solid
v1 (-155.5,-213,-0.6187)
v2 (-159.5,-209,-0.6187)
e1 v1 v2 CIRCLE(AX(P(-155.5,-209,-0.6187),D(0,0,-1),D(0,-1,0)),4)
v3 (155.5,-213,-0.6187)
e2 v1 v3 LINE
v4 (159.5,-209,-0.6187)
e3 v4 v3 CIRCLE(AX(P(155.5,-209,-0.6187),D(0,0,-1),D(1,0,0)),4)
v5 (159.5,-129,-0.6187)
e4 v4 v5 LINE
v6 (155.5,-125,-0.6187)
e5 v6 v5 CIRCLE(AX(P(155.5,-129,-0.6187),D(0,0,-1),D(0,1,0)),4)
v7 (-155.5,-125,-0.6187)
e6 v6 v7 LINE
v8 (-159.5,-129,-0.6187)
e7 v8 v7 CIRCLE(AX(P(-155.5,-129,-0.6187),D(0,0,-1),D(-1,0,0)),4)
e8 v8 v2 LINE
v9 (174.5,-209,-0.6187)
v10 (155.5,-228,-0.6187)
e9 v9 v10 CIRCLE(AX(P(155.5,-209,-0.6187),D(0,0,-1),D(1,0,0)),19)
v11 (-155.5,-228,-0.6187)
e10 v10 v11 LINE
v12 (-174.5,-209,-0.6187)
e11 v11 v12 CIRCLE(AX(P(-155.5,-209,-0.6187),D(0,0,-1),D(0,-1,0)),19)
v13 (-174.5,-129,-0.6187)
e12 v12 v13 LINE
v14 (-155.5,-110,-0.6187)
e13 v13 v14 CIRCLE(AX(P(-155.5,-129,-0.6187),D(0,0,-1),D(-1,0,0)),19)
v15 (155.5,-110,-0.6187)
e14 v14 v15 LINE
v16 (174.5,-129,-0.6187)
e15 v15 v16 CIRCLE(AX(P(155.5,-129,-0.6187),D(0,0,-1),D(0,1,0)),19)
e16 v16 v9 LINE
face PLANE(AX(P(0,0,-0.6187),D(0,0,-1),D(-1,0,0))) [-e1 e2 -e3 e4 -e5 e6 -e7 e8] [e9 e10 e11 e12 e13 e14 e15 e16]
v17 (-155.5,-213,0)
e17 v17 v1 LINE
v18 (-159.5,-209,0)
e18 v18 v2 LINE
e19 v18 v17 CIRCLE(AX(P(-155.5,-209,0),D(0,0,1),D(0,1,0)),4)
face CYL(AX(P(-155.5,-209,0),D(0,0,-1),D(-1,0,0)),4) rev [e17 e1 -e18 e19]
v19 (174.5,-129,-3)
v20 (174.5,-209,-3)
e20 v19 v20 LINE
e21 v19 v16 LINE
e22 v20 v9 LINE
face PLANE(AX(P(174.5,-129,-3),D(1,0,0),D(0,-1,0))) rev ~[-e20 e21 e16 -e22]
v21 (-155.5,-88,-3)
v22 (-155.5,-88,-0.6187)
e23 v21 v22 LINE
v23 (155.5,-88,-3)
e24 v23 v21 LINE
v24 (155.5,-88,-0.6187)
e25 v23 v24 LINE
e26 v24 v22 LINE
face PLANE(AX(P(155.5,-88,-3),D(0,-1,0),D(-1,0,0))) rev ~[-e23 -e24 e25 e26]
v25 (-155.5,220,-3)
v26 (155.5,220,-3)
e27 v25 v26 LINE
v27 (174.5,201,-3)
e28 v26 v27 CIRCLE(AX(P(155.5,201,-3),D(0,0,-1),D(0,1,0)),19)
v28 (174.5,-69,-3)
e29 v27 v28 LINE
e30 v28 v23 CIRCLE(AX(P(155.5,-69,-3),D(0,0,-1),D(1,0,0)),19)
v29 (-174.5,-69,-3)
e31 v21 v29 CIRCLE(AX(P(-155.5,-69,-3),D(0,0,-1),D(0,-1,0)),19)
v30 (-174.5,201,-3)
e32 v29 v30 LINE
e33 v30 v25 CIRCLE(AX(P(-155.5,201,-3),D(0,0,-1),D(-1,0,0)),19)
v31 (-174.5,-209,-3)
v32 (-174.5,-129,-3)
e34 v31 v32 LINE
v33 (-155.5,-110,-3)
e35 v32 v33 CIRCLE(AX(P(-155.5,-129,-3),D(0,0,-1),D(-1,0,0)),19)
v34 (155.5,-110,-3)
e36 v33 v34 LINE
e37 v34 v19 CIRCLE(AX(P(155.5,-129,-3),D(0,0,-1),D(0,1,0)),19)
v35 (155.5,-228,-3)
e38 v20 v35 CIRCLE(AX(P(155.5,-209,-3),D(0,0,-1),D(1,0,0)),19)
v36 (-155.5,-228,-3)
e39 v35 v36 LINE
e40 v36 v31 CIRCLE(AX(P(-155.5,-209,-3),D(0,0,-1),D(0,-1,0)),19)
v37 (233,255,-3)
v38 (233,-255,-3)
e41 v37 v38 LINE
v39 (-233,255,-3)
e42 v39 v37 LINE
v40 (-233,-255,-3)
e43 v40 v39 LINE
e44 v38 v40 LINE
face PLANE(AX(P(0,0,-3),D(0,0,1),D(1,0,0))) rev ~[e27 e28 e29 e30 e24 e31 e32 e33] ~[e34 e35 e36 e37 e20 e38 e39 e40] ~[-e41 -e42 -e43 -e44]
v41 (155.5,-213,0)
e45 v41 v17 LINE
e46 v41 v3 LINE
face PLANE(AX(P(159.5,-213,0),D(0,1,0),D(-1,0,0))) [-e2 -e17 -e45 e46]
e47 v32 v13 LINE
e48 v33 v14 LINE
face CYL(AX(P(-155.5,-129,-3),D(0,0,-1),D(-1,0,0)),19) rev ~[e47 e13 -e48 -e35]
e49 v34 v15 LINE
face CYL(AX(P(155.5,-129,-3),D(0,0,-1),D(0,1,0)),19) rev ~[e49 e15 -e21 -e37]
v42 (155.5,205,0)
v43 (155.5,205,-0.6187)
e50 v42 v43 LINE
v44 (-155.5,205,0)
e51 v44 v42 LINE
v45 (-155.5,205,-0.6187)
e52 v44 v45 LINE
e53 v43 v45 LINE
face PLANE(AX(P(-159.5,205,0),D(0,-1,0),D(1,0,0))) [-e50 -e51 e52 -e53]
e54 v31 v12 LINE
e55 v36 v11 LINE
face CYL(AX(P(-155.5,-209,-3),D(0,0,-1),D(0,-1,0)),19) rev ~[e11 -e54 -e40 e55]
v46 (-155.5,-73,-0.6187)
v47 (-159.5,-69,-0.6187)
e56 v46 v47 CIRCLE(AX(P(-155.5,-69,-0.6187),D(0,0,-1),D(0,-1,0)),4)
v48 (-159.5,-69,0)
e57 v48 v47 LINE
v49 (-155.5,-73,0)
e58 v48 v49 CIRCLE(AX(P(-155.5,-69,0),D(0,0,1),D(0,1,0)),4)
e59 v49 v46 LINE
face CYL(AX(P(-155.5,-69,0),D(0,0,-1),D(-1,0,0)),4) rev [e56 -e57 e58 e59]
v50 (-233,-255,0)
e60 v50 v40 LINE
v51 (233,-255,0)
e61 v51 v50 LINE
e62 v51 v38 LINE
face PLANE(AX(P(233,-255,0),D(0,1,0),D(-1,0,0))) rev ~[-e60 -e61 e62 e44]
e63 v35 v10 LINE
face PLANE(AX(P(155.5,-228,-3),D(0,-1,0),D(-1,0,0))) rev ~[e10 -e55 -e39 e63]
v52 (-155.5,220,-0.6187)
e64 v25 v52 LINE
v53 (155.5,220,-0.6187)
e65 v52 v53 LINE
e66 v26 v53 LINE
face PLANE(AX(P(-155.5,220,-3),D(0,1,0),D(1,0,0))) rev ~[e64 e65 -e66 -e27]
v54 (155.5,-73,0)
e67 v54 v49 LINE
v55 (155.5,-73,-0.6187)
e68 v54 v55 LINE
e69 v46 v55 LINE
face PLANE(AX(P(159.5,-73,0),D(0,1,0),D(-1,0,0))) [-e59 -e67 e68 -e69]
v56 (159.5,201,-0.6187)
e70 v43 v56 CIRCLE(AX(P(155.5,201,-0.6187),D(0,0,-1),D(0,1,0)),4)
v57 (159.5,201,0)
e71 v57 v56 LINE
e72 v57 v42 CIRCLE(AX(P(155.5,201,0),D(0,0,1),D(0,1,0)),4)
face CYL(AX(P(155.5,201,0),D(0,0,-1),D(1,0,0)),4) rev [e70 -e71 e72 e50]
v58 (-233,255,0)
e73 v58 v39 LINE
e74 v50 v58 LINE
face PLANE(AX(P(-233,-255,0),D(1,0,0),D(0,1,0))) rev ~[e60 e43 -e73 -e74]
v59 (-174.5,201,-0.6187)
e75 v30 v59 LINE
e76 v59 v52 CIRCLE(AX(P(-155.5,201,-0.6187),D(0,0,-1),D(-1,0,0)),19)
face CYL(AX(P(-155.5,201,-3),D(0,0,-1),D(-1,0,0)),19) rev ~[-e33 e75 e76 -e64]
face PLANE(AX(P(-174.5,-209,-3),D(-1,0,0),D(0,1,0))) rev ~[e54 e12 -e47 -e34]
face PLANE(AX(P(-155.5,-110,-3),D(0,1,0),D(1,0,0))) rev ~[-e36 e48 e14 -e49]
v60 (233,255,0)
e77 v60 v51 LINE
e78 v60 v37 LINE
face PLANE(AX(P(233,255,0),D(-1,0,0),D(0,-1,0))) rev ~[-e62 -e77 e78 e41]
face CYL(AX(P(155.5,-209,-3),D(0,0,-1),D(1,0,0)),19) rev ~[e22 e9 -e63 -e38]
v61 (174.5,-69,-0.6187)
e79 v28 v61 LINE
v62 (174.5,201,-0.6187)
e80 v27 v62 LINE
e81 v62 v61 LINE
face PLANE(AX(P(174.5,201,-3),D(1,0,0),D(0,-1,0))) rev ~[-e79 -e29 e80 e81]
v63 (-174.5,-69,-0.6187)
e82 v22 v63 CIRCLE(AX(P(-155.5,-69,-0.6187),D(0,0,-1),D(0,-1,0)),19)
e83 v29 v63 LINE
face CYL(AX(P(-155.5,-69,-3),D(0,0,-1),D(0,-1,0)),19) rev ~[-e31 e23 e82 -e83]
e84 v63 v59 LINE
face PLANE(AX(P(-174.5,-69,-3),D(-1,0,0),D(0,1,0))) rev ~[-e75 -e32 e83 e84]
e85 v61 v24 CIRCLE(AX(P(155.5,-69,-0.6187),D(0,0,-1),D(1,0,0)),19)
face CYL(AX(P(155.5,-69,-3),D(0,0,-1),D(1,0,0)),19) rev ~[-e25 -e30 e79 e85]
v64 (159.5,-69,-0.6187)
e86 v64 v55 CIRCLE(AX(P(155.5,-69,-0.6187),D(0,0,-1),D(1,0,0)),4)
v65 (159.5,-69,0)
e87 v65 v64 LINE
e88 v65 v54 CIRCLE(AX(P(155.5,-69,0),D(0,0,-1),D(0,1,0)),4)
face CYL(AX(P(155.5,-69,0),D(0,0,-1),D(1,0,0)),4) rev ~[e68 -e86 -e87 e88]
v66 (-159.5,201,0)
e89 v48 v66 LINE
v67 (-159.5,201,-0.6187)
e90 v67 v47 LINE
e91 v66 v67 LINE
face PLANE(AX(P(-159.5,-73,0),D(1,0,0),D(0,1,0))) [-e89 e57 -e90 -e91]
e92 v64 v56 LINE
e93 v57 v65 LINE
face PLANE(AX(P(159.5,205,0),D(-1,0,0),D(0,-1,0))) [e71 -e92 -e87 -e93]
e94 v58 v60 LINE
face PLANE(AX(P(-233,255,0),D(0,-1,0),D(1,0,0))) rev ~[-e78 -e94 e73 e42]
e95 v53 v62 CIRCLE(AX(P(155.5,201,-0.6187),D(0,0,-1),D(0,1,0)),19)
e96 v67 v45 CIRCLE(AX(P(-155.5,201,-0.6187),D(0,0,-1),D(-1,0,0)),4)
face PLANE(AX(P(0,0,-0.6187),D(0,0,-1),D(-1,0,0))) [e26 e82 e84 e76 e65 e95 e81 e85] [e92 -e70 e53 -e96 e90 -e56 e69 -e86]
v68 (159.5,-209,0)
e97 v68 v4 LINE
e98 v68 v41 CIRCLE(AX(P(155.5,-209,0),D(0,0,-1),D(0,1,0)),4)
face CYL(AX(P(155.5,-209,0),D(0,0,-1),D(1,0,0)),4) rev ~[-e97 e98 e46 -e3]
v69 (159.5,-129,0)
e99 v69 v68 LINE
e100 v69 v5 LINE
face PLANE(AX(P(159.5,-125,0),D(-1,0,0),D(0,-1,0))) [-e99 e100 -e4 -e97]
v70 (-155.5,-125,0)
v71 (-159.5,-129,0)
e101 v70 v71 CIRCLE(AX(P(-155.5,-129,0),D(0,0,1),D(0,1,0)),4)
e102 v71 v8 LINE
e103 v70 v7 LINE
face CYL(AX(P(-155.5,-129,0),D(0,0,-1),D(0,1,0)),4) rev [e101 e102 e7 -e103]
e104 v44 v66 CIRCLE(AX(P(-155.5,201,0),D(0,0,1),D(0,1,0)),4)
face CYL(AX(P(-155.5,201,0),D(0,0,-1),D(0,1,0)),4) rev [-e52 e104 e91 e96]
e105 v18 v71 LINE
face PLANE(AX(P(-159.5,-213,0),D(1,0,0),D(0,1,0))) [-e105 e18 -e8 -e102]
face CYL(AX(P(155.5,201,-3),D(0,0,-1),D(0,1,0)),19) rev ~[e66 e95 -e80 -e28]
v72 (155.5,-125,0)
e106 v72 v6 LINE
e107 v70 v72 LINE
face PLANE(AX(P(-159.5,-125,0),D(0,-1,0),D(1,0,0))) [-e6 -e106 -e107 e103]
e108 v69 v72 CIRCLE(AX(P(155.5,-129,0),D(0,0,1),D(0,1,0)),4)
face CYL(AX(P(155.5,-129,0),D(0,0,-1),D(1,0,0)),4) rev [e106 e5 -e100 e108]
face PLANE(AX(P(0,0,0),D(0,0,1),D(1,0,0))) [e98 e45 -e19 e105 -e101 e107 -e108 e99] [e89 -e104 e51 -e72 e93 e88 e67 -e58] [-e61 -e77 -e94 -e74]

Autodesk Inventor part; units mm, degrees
ref_plane "YZ Plane" through (0, 0, 0) normal (1, 0, 0) x (0, 1, 0)
ref_plane "XZ Plane" through (0, 0, 0) normal (0, 1, 0) x (-1, 0, 0)
ref_plane "XY Plane" through (0, 0, 0) normal (0, 0, 1) x (1, 0, 0)
sketch "Sketch1" plane through (0, 0, 0) normal (0, 0, 1) x (1, 0, 0)
  line L0 (233, -255) -> (-233, -255)
  line L1 (-233, -255) -> (-233, 255)
  line L2 (-233, 255) -> (233, 255)
  line L3 (233, 255) -> (233, -255)
  line L4 (233, -255) -> (-233, 255) construction
  line L5 (-233, -255) -> (233, 255) construction
  point P0 (0, 0)
  dimension "d0" = 466
  dimension "d1" = 510
extrude "Extrusion1" add sketch "Sketch1" against normal blind 3
sketch "Sketch2" plane through (0, 0, 0) normal (0, 0, 1) x (1, 0, 0)
  line L0 (159.5, -73) -> (-159.5, -73)
  line L1 (-159.5, -73) -> (-159.5, 205)
  line L2 (-159.5, 205) -> (159.5, 205)
  line L3 (159.5, 205) -> (159.5, -73)
  line L4 (159.5, -73) -> (-159.5, 205) construction
  line L5 (-159.5, -73) -> (159.5, 205) construction
  line L6 (-233, 255) -> (-233, -255) projected
  line L7 (233, -255) -> (233, 255) projected
  line L8 (233, 255) -> (-233, 255) projected
  line L9 (159.5, -213) -> (-159.5, -213)
  line L10 (-159.5, -213) -> (-159.5, -125)
  line L11 (-159.5, -125) -> (159.5, -125)
  line L12 (159.5, -125) -> (159.5, -213)
  line L13 (159.5, -213) -> (-159.5, -125) construction
  line L14 (-159.5, -213) -> (159.5, -125) construction
  point P0 (0, 0)
  point P1 (0, 66)
  point P2 (0, -169)
  dimension "d4" = 73.5
  dimension "d6" = 50
  dimension "d7" = 278
  dimension "d8" = 52
  dimension "d9" = 88
extrude "Extrusion2" cut sketch "Sketch2" against normal through all
fillet "Fillet1" radius 4 8 edges at (-159.5, 205, -1.5) (159.5, 205, -1.5) (159.5, -73, -1.5) (-159.5, -73, -1.5) (-159.5, -125, -1.5) (159.5, -125, -1.5) (159.5, -213, -1.5) (-159.5, -213, -1.5)
sketch "Sketch3" plane through (0, 0, -3) normal (0, 0, -1) x (-1, 0, 0)
  line L0 (159.5, -129) -> (159.5, -209) projected
  arc A0 (155.5, -213) -> (159.5, -209) centre (155.5, -209) ccw projected
  line L1 (155.5, -213) -> (-155.5, -213) projected
  arc A1 (-159.5, -209) -> (-155.5, -213) centre (-155.5, -209) ccw projected
  line L2 (-159.5, -209) -> (-159.5, -129) projected
  arc A2 (-155.5, -125) -> (-159.5, -129) centre (-155.5, -129) ccw projected
  line L3 (-155.5, -125) -> (155.5, -125) projected
  arc A3 (159.5, -129) -> (155.5, -125) centre (155.5, -129) ccw projected
  line L4 (159.5, 201) -> (159.5, -69) projected
  arc A4 (155.5, -73) -> (159.5, -69) centre (155.5, -69) ccw projected
  line L5 (155.5, -73) -> (-155.5, -73) projected
  arc A5 (-159.5, -69) -> (-155.5, -73) centre (-155.5, -69) ccw projected
  line L6 (-159.5, -69) -> (-159.5, 201) projected
  arc A6 (-155.5, 205) -> (-159.5, 201) centre (-155.5, 201) ccw projected
  line L7 (-155.5, 205) -> (155.5, 205) projected
  arc A7 (159.5, 201) -> (155.5, 205) centre (155.5, 201) ccw projected
  line L8 (233, 255) -> (-233, 255) projected
  line L9 (-233, 255) -> (-233, -255) projected
  line L10 (-233, -255) -> (233, -255) projected
  line L11 (233, -255) -> (233, 255) projected
  line L12 (-174.5, 201) -> (-174.5, -69)
  arc A8 (-174.5, -69) -> (-155.5, -88) centre (-155.5, -69) ccw
  line L13 (-155.5, -88) -> (155.5, -88)
  arc A9 (155.5, -88) -> (174.5, -69) centre (155.5, -69) ccw
  line L14 (174.5, -69) -> (174.5, 201)
  arc A10 (174.5, 201) -> (155.5, 220) centre (155.5, 201) ccw
  line L15 (155.5, 220) -> (-155.5, 220)
  arc A11 (-155.5, 220) -> (-174.5, 201) centre (-155.5, 201) ccw
  line L16 (155.5, -110) -> (-155.5, -110)
  arc A12 (-155.5, -110) -> (-174.5, -129) centre (-155.5, -129) ccw
  line L17 (-174.5, -129) -> (-174.5, -209)
  arc A13 (-174.5, -209) -> (-155.5, -228) centre (-155.5, -209) ccw
  line L18 (-155.5, -228) -> (155.5, -228)
  arc A14 (155.5, -228) -> (174.5, -209) centre (155.5, -209) ccw
  line L19 (174.5, -209) -> (174.5, -129)
  arc A15 (174.5, -129) -> (155.5, -110) centre (155.5, -129) ccw
  point P0 (0, 0)
  dimension "d13" = 15
  dimension "d14" = 15
extrude "Extrusion3" cut sketch "Sketch3" against normal blind 2.3813 contours A11 L15 A10 L14 A9 L13 A8 L12 | A15 L19 A14 L18 A13 L17 A12 L16
properties part number "Door Panel" material "PET Plastic"
